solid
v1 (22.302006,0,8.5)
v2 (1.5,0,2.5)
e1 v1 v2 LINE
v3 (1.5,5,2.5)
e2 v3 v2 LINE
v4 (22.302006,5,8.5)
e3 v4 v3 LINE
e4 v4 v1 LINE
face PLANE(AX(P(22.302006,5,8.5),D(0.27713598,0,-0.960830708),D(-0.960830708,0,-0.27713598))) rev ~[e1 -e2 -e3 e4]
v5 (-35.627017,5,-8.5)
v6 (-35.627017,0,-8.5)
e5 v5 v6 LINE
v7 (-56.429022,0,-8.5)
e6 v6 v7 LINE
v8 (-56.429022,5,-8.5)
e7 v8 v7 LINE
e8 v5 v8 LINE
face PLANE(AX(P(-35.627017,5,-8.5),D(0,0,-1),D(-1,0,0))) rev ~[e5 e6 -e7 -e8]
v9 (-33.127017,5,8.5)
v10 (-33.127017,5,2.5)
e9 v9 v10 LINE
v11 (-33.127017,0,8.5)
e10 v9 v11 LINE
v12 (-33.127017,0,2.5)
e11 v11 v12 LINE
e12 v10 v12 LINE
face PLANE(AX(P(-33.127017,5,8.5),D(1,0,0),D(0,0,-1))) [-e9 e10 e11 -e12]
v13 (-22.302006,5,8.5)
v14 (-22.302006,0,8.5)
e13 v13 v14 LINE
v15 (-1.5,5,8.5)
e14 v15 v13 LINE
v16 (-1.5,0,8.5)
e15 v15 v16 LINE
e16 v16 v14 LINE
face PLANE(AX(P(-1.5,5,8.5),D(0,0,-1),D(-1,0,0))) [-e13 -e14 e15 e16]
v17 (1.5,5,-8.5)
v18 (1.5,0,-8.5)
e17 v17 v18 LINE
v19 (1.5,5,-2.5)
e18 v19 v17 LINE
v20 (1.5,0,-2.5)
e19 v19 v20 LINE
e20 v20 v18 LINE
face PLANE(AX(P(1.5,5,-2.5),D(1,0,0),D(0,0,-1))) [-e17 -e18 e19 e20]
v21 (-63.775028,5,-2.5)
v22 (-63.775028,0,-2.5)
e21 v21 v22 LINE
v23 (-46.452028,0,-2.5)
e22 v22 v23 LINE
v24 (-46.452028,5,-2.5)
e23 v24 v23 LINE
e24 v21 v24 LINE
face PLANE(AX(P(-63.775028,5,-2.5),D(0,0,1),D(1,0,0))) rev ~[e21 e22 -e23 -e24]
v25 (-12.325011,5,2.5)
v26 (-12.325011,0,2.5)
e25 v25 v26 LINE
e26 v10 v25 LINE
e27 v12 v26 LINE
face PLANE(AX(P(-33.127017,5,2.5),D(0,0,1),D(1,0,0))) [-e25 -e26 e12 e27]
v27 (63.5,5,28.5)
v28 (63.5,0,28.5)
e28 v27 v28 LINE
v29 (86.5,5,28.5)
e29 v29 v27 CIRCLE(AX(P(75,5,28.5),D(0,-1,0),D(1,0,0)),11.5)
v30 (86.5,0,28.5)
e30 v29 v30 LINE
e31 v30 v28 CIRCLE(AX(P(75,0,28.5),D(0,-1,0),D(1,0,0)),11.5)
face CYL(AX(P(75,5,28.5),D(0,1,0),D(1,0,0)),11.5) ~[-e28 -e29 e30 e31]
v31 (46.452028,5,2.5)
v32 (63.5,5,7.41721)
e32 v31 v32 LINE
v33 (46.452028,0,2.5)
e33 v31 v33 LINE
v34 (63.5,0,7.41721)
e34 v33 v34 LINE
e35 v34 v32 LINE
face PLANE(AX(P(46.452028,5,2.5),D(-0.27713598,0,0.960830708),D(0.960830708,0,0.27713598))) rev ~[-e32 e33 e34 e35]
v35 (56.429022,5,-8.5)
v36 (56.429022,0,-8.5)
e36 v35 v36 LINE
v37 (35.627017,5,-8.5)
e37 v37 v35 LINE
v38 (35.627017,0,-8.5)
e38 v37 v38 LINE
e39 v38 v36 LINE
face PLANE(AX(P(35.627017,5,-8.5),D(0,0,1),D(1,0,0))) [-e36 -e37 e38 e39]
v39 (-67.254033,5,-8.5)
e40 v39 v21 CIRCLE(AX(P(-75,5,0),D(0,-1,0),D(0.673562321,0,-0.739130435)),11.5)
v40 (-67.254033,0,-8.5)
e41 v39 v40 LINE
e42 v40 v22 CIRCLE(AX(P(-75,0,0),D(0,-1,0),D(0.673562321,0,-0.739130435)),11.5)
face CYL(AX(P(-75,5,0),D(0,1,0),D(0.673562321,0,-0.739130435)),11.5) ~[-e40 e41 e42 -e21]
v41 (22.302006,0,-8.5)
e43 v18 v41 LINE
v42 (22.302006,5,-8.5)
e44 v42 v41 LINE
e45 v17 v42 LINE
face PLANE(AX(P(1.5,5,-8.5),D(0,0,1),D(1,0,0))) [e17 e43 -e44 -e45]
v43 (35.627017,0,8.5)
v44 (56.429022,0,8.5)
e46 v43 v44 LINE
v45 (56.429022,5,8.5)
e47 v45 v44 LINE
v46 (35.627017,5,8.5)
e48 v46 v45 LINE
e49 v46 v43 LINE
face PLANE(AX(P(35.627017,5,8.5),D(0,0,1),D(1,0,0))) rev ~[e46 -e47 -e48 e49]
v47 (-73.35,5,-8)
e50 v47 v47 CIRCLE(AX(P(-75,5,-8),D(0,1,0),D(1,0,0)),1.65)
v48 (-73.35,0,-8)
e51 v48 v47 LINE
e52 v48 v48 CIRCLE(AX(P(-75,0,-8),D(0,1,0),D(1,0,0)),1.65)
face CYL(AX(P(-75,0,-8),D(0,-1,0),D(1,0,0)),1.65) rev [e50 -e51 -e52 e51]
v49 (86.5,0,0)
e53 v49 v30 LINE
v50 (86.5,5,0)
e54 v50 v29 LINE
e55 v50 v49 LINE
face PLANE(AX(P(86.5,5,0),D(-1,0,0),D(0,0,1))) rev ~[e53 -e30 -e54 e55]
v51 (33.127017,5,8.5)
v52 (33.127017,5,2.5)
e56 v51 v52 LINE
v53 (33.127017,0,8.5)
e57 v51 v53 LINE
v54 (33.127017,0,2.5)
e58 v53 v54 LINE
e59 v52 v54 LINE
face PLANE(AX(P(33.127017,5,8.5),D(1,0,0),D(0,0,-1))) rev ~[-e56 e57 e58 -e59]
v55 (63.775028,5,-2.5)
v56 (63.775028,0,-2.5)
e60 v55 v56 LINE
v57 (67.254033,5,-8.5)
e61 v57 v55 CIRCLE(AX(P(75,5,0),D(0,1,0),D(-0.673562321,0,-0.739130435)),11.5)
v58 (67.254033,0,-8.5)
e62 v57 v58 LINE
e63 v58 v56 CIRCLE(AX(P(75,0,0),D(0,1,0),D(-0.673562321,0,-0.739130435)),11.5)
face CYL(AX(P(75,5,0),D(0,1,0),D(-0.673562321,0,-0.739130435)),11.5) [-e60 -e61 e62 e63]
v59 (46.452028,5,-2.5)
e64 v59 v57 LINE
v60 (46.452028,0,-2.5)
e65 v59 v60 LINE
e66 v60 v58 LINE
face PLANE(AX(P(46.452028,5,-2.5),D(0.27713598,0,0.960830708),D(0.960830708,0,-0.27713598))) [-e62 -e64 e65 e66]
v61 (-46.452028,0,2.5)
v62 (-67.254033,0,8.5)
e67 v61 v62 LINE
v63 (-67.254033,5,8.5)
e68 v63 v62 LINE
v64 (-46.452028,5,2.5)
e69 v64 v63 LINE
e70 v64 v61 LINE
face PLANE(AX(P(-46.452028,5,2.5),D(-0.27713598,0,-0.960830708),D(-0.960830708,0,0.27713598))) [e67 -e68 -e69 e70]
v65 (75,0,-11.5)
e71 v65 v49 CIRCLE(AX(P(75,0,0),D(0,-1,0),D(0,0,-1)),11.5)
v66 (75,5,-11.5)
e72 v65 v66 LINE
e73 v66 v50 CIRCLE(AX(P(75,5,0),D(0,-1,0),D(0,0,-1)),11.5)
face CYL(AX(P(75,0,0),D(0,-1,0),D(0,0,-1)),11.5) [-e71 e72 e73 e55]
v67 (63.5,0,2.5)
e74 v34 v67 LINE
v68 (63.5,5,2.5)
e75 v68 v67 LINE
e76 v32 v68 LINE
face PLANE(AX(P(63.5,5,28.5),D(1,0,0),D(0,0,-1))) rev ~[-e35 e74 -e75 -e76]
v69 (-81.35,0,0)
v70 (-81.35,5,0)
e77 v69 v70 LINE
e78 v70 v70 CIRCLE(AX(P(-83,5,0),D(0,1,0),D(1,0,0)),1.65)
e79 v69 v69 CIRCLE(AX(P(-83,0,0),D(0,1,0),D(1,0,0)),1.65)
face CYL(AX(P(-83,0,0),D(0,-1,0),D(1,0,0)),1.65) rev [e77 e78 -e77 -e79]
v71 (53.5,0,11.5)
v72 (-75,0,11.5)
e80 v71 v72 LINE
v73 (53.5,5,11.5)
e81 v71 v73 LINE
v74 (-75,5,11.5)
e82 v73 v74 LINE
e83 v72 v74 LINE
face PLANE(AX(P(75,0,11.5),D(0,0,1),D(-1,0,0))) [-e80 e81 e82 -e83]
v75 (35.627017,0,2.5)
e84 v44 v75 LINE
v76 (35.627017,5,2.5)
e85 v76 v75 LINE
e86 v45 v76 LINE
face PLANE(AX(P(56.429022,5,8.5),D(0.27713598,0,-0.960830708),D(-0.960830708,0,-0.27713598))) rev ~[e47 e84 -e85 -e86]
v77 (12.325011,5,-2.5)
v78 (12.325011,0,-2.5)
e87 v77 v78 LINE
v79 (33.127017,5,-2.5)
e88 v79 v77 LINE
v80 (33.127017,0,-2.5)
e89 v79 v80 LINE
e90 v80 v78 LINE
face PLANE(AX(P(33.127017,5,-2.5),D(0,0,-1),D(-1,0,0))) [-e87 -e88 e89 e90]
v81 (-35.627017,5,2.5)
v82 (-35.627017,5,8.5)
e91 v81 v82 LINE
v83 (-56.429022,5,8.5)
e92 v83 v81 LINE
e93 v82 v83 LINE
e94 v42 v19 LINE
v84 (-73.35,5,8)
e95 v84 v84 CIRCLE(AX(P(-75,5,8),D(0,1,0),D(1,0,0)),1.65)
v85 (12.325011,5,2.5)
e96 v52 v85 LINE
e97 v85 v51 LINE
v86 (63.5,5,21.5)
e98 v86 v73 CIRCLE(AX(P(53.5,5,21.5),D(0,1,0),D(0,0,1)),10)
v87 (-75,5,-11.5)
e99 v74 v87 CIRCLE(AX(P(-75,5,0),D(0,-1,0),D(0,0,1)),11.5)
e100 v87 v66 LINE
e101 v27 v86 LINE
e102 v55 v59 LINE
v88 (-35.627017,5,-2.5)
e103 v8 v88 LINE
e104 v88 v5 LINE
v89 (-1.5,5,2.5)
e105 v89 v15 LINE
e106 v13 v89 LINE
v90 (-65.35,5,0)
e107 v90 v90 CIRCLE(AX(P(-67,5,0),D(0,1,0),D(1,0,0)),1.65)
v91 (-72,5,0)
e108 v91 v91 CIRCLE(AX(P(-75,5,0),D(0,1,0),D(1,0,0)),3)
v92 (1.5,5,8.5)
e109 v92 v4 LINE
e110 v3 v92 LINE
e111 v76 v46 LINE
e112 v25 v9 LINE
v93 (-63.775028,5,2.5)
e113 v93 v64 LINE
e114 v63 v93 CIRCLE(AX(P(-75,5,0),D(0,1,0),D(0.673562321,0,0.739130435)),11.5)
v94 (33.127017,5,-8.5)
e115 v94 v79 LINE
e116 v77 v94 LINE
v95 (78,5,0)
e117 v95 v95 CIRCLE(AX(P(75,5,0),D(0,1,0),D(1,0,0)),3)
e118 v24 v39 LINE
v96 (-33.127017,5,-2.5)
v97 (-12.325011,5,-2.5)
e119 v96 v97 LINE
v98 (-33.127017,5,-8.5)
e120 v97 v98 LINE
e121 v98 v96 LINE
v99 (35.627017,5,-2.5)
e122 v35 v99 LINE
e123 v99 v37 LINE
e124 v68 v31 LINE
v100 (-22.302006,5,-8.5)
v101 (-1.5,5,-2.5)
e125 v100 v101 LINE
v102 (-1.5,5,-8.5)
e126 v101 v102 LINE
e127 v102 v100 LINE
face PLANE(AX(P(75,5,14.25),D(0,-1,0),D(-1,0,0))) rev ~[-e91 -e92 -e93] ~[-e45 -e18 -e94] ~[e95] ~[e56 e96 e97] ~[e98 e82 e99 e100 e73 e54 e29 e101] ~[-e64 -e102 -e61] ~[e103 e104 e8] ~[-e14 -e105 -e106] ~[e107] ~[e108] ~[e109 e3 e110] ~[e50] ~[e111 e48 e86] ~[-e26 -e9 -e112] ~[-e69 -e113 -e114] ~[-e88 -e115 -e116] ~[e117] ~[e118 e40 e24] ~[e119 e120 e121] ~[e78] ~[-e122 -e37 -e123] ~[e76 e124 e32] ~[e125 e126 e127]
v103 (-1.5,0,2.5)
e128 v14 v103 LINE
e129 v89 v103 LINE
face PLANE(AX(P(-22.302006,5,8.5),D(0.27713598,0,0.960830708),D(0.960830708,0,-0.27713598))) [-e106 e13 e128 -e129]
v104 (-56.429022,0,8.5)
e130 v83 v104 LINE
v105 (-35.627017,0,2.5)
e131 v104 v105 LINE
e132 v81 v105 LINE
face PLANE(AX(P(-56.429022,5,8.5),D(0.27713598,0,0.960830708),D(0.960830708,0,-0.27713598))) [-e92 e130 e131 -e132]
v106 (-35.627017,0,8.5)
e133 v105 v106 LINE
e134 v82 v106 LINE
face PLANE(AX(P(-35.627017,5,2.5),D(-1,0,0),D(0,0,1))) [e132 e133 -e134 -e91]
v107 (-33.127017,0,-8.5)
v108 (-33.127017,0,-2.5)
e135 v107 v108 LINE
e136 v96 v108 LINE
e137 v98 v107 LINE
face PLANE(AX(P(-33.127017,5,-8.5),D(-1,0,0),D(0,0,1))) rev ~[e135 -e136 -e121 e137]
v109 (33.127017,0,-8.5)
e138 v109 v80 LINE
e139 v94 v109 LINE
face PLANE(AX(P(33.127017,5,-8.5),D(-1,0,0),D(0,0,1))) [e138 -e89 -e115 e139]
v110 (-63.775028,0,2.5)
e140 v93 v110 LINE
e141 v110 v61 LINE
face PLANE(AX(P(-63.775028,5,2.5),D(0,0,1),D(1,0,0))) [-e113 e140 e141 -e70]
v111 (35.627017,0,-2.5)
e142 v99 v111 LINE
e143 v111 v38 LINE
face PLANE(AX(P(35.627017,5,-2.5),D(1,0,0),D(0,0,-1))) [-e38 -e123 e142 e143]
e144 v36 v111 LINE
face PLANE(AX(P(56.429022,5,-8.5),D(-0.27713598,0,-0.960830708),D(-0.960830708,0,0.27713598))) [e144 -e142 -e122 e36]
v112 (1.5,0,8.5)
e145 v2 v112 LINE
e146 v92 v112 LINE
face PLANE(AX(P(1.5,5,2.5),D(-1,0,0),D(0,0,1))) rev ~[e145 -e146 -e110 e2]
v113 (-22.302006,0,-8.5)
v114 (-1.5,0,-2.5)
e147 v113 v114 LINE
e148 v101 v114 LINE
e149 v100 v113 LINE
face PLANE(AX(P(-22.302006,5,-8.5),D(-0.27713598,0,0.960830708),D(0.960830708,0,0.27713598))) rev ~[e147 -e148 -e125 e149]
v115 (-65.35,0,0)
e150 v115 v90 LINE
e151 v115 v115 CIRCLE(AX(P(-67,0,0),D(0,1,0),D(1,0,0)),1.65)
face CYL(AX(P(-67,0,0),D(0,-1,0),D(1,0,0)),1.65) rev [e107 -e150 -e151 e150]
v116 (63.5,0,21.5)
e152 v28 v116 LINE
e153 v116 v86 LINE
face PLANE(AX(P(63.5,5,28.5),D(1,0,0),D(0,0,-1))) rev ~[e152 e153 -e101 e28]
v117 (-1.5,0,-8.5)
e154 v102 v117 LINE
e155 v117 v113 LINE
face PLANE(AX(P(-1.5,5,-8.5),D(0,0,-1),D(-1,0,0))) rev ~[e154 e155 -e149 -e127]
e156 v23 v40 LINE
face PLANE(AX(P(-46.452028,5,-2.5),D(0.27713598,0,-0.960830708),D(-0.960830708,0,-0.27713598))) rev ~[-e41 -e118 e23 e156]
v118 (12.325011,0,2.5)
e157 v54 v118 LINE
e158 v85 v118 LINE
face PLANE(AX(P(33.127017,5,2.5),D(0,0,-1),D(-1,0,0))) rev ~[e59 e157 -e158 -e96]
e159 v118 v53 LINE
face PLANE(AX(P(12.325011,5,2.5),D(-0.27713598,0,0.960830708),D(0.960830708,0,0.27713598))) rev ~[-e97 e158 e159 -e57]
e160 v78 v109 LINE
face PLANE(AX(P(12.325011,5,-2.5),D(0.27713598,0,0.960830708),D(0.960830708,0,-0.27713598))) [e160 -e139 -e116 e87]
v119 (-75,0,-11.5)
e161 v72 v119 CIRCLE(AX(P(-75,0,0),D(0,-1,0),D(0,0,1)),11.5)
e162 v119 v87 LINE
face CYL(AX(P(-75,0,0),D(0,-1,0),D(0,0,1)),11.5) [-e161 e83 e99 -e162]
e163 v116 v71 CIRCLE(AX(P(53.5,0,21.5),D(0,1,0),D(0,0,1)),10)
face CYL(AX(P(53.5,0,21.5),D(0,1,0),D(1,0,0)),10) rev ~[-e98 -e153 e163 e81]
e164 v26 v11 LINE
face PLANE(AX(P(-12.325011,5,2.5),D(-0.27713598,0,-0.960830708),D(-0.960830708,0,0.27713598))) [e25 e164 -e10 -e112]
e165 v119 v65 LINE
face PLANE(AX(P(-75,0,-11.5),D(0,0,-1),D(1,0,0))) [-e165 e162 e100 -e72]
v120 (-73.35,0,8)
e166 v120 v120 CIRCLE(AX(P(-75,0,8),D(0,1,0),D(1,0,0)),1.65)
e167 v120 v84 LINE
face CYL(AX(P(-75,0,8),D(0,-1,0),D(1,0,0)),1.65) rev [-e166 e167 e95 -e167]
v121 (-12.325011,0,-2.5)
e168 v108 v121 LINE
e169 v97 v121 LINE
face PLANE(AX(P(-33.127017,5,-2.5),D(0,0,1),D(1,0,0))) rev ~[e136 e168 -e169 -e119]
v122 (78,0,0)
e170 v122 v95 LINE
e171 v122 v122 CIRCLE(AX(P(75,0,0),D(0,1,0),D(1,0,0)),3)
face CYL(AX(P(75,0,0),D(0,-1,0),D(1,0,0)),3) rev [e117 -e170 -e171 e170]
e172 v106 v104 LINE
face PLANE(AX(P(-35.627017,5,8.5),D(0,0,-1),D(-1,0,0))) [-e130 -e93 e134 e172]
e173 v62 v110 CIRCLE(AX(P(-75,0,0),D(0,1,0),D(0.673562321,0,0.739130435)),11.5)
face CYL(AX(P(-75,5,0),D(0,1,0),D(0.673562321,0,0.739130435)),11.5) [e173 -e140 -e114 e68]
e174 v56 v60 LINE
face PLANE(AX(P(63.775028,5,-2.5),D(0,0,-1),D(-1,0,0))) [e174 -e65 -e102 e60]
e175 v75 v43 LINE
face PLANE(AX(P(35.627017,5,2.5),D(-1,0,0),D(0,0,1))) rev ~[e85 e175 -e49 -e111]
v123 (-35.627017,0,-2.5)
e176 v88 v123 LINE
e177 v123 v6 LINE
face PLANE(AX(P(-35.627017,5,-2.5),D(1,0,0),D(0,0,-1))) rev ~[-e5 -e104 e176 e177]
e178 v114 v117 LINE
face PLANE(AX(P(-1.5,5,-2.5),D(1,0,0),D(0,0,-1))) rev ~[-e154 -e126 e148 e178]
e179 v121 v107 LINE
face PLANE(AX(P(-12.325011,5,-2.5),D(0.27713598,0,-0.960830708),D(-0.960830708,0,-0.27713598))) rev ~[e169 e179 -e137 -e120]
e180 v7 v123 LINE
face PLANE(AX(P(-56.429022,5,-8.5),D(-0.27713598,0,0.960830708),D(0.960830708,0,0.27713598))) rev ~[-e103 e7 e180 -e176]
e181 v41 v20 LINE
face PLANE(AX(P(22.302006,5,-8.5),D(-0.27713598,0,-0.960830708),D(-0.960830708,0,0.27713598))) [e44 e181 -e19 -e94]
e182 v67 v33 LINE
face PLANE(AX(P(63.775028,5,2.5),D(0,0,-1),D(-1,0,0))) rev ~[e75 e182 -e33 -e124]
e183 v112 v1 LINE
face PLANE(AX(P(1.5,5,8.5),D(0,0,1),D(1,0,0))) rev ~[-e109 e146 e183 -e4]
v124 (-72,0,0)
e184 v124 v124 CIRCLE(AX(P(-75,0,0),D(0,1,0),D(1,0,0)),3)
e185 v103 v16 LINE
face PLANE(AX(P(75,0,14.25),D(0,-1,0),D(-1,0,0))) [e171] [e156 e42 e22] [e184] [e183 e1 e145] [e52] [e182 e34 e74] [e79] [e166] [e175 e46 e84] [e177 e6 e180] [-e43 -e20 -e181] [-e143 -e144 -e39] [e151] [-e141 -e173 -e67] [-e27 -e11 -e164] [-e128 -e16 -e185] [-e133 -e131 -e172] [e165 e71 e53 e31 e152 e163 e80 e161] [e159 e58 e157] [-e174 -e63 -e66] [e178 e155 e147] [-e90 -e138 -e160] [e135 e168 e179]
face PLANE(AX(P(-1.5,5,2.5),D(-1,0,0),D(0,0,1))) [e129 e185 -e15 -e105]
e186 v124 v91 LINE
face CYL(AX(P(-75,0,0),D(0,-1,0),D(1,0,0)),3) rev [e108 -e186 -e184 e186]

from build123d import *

# Parameters (mm, degrees)
SKETCH1_R           = 1.65
SKETCH1_R_2         = 3
BOSS_EXTRUDE1_DEPTH = 5
CUT_EXTRUDE1_DEPTH  = 5
SKETCH3_R           = 3
BOSS_EXTRUDE2_DEPTH = 5
FILLET1_R           = 10


with BuildPart() as part:
    # Sketch1 → Boss-Extrude1 (new body)
    with BuildSketch(Plane(origin=(0, 0, 0), x_dir=(1, 0, 0), z_dir=(0, 1, 0))):
        with BuildLine():
            Line((-75, 11.5), (75, 11.5))
            ThreePointArc((75, 11.5), (86.5, 0), (75, -11.5))
            Line((75, -11.5), (-75, -11.5))
            ThreePointArc((-75, -11.5), (-86.5, 0), (-75, 11.5))
        make_face()
        with Locations((-75, 8)):
            Circle(SKETCH1_R, mode=Mode.SUBTRACT)
        with Locations((-67, 0)):
            Circle(SKETCH1_R, mode=Mode.SUBTRACT)
        with Locations((-75, -8)):
            Circle(SKETCH1_R, mode=Mode.SUBTRACT)
        with Locations((-83, 0)):
            Circle(SKETCH1_R, mode=Mode.SUBTRACT)
        with Locations((75, 0)):
            Circle(SKETCH1_R_2, mode=Mode.SUBTRACT)
        with Locations((-75, 0)):
            Circle(SKETCH1_R_2, mode=Mode.SUBTRACT)
    extrude(amount=BOSS_EXTRUDE1_DEPTH)

    # Sketch2 → Cut-Extrude1 (cut)
    with BuildSketch(Plane(origin=(0, 5, 0), x_dir=(1, 0, 0), z_dir=(0, 1, 0))):
        with BuildLine():
            Line((-63.77502784, 2.5), (-46.452027549, 2.5))
            Line((-46.452027549, 2.5), (-67.254033308, 8.5))
            ThreePointArc((-67.254033308, 8.5), (-65.051425718, 5.768524054), (-63.77502784, 2.5))
        make_face()
        Polygon((-56.429022412, 8.5), (-35.627016654, 2.5), (-35.627016654, 8.5), align=None)
        Polygon((-12.325010896, 2.5), (-33.127016654, 8.5), (-33.127016654, 2.5), align=None)
        Polygon((-1.5, 8.5), (-22.302005758, 8.5), (-1.5, 2.5), align=None)
        Polygon((-1.5, -2.5), (-1.5, -8.5), (-22.302005758, -8.5), align=None)
        Polygon((-33.127016654, -2.5), (-12.325010896, -2.5), (-33.127016654, -8.5), align=None)
        Polygon((-35.627016654, -2.5), (-35.627016654, -8.5), (-56.429022412, -8.5), align=None)
        with BuildLine():
            Line((-46.452027549, -2.5), (-67.254033308, -8.5))
            ThreePointArc((-67.254033308, -8.5), (-65.051425718, -5.768524054), (-63.77502784, -2.5))
            Line((-63.77502784, -2.5), (-46.452027549, -2.5))
        make_face()
        Polygon((22.302005758, -8.5), (1.5, -2.5), (1.5, -8.5), align=None)
        Polygon((33.127016654, -8.5), (33.127016654, -2.5), (12.325010896, -2.5), align=None)
        Polygon((56.429022412, -8.5), (35.627016654, -2.5), (35.627016654, -8.5), align=None)
        with BuildLine():
            Line((46.452027549, -2.5), (67.254033308, -8.5))
            ThreePointArc((67.254033308, -8.5), (65.051425718, -5.768524054), (63.77502784, -2.5))
            Line((63.77502784, -2.5), (46.452027549, -2.5))
        make_face()
        with BuildLine():
            Line((46.452027549, 2.5), (67.254033308, 8.5))
            ThreePointArc((67.254033308, 8.5), (65.051425718, 5.768524054), (63.77502784, 2.5))
            Line((63.77502784, 2.5), (46.452027549, 2.5))
        make_face()
        Polygon((35.627016654, 2.5), (35.627016654, 8.5), (56.429022412, 8.5), align=None)
        Polygon((33.127016654, 2.5), (12.325010896, 2.5), (33.127016654, 8.5), align=None)
        Polygon((1.5, 2.5), (1.5, 8.5), (22.302005758, 8.5), align=None)
    extrude(amount=-CUT_EXTRUDE1_DEPTH, mode=Mode.SUBTRACT)

    # Sketch3 → Boss-Extrude2 (add, through all)
    with BuildSketch(Plane(origin=(0, 5, 0), x_dir=(1, 0, 0), z_dir=(0, 1, 0))):
        with BuildLine():
            Line((86.5, 0), (86.5, -28.5))
            ThreePointArc((86.5, -28.5), (75, -40), (63.5, -28.5))
            Line((63.5, -28.5), (63.5, 0))
            ThreePointArc((63.5, 0), (75, 11.5), (86.5, 0))
        make_face()
        with Locations((75, 0)):
            Circle(SKETCH3_R, mode=Mode.SUBTRACT)
    extrude(amount=-BOSS_EXTRUDE2_DEPTH)

    # Fillet1
    fillet1_edges = [part.edges().sort_by_distance(p)[0] for p in [
        (63.5, 2.5, 11.5),
    ]]
    fillet(fillet1_edges, radius=FILLET1_R)


solid = part.part
